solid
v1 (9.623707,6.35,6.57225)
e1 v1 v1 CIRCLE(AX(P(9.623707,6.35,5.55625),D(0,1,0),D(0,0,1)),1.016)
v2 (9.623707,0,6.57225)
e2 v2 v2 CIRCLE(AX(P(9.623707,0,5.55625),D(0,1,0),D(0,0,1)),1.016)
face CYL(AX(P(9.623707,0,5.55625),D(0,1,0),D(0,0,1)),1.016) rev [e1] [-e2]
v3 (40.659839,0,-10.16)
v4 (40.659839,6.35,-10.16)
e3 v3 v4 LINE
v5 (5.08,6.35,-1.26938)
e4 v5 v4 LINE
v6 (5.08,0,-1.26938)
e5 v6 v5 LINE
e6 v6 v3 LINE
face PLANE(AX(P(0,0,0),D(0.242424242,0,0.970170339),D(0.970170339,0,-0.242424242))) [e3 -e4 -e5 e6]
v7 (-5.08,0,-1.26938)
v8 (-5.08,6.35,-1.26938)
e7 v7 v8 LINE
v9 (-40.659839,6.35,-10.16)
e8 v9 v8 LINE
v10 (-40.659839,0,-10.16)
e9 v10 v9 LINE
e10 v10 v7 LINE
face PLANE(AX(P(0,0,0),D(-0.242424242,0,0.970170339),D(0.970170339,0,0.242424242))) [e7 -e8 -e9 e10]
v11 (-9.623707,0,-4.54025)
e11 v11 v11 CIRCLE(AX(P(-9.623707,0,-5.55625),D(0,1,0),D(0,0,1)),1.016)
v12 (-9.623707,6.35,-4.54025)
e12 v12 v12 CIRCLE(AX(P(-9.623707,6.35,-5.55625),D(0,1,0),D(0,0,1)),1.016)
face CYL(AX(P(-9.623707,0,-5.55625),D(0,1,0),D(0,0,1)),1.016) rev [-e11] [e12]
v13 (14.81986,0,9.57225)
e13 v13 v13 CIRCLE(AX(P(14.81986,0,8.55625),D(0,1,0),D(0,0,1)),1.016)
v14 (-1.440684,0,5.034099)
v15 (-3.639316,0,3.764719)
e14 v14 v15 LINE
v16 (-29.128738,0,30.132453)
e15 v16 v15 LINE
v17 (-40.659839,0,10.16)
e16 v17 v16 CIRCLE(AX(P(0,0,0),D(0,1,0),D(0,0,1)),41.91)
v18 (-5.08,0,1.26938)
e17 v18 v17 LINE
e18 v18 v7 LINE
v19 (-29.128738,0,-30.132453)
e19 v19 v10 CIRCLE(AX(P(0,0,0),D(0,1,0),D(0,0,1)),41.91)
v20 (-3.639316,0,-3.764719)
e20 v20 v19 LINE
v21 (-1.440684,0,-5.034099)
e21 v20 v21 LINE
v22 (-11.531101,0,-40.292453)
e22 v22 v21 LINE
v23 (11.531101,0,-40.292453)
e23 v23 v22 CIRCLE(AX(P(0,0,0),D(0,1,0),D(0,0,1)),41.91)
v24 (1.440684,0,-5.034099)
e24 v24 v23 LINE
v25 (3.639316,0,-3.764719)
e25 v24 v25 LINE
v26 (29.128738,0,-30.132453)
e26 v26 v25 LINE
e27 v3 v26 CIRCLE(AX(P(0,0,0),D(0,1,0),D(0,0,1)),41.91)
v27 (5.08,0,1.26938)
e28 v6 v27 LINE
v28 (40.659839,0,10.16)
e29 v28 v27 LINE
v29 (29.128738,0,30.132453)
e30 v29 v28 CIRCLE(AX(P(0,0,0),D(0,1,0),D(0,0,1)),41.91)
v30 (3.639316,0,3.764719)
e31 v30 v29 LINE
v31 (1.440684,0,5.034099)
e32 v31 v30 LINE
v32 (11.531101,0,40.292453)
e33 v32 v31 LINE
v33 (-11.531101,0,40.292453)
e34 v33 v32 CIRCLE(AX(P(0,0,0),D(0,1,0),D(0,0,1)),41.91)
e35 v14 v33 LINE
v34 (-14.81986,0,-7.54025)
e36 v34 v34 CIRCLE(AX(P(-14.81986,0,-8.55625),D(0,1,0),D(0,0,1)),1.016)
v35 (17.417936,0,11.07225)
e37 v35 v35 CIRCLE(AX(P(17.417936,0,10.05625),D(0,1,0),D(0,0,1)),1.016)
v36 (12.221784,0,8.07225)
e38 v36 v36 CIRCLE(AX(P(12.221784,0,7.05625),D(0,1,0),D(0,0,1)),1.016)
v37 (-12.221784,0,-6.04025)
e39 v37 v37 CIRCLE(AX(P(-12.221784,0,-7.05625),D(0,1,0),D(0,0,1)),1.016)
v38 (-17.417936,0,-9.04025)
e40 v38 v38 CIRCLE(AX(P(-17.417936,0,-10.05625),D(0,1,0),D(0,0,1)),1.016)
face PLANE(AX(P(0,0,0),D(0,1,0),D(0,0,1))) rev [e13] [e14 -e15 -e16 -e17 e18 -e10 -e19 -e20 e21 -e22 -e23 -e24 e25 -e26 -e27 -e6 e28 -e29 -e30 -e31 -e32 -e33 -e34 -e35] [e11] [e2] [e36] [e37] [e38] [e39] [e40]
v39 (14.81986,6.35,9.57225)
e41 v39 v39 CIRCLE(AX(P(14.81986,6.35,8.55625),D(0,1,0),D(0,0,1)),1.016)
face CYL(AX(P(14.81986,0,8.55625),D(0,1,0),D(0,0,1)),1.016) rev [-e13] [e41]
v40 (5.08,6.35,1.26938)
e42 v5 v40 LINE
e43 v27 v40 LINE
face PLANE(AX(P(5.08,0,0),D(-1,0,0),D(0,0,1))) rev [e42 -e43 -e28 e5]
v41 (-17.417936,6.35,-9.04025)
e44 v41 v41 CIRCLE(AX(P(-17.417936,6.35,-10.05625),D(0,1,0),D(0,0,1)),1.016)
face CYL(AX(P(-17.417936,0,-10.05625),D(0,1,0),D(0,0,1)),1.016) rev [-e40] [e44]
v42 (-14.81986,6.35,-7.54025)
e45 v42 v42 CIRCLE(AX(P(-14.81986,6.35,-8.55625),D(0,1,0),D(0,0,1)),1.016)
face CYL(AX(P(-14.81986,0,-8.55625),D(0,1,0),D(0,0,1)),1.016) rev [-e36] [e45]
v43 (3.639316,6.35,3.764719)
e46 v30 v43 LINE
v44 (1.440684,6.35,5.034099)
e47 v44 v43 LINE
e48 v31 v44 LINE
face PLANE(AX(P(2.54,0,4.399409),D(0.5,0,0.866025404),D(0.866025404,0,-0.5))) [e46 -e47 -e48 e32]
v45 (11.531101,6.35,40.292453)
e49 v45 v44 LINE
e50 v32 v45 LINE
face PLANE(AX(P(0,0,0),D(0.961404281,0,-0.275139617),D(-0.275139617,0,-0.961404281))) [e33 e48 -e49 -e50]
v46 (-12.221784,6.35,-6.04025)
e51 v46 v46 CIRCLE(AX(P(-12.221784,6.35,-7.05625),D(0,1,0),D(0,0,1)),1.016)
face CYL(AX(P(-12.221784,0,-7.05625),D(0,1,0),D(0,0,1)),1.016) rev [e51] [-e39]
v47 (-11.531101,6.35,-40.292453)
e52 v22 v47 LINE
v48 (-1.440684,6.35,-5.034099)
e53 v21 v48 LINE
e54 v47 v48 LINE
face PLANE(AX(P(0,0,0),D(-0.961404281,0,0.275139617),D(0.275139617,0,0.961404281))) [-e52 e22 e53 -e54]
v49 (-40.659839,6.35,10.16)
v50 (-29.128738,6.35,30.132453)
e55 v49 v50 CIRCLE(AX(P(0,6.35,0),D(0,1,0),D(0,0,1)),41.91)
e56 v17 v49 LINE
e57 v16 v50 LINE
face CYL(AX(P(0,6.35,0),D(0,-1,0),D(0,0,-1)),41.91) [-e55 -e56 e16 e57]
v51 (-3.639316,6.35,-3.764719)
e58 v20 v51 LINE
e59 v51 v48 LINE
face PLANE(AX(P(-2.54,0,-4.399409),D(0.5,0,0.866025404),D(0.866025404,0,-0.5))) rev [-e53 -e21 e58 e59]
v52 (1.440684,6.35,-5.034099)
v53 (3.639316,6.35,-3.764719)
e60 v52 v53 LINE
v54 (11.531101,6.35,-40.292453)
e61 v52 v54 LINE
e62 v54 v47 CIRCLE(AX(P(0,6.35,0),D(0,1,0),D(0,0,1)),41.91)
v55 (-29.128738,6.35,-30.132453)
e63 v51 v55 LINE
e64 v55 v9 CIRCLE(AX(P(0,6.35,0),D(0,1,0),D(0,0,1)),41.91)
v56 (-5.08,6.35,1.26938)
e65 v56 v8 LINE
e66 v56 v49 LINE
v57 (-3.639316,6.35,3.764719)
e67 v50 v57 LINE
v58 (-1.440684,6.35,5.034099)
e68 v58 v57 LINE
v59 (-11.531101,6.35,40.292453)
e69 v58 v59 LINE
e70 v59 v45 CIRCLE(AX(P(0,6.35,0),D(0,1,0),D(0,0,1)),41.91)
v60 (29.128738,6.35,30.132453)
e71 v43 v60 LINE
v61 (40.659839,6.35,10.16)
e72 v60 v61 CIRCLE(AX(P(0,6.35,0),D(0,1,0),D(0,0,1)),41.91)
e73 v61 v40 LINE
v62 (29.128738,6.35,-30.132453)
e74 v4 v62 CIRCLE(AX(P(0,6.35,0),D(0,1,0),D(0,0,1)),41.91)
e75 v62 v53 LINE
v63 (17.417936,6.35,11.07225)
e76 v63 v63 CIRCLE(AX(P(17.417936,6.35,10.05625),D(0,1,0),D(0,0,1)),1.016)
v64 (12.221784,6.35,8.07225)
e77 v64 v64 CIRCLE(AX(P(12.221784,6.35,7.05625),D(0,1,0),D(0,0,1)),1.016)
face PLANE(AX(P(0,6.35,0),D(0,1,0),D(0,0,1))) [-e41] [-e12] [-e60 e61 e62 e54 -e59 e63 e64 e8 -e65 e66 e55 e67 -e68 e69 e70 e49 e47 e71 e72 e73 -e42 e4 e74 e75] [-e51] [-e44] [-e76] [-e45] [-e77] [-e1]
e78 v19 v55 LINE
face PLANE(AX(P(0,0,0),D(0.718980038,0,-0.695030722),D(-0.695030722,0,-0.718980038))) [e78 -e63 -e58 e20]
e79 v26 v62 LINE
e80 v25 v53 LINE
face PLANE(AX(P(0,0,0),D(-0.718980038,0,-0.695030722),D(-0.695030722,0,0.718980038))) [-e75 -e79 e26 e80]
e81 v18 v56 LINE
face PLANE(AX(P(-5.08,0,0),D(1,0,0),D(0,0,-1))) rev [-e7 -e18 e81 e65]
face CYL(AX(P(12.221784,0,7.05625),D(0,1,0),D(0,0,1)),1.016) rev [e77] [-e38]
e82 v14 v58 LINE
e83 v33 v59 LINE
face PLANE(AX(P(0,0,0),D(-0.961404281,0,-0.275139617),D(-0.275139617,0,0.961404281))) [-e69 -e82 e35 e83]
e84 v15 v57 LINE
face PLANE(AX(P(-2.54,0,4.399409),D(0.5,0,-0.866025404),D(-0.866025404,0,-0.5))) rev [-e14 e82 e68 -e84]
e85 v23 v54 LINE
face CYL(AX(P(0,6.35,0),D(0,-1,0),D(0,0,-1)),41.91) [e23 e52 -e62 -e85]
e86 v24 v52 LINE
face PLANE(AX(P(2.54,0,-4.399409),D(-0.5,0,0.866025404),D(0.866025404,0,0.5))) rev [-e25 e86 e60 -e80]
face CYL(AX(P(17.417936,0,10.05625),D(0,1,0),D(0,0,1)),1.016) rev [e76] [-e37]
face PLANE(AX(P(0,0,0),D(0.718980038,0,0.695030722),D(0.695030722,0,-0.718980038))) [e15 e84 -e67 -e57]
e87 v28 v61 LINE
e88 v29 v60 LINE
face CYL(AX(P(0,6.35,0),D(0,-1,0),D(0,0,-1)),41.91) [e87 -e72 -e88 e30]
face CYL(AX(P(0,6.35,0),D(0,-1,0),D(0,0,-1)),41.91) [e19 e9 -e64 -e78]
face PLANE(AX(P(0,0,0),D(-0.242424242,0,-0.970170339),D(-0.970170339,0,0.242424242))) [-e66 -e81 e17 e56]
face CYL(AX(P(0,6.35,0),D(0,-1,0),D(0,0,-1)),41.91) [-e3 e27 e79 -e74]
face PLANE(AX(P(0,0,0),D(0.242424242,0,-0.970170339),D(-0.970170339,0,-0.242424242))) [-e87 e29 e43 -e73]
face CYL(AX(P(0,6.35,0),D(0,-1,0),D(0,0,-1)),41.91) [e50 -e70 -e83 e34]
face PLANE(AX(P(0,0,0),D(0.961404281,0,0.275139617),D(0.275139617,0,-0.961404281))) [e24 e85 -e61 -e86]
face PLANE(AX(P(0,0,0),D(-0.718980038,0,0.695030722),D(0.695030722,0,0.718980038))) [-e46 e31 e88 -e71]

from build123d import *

# Parameters (mm, degrees)
SKETCH1_R           = 41.91
BOSS_EXTRUDE1_DEPTH = 6.35
CUT_EXTRUDE1_DEPTH  = 7.35
SKETCH3_R           = 1.016
CUT_EXTRUDE2_DEPTH  = 7.35


with BuildPart() as part:
    # Sketch1 → Boss-Extrude1 (new body)
    with BuildSketch(Plane(origin=(0, 0, 0), x_dir=(1, 0, 0), z_dir=(0, 1, 0))):
        Circle(SKETCH1_R)
    extrude(amount=BOSS_EXTRUDE1_DEPTH)

    # Sketch2 → Cut-Extrude1 (cut, through all)
    with BuildSketch(Plane(origin=(0, 6.35, 0), x_dir=(1, 0, 0), z_dir=(0, 1, 0))):
        with BuildLine():
            Line((-1.440684381, 5.03409922), (-11.531101351, 40.292453408))
            ThreePointArc((-11.531101351, 40.292453408), (-20.955, 36.295124673), (-29.128737556, 30.132453408))
            Line((-29.128737556, 30.132453408), (-3.639315619, 3.764718883))
            Line((-3.639315619, 3.764718883), (-1.440684381, 5.03409922))
        make_face()
        with BuildLine():
            Line((3.639315619, 3.764718883), (29.128737556, 30.132453408))
            ThreePointArc((29.128737556, 30.132453408), (20.955, 36.295124673), (11.531101351, 40.292453408))
            Line((11.531101351, 40.292453408), (1.440684381, 5.03409922))
            Line((1.440684381, 5.03409922), (3.639315619, 3.764718883))
        make_face()
        with BuildLine():
            Line((5.08, -1.269380337), (40.659838908, -10.16))
            ThreePointArc((40.659838908, -10.16), (41.596285583, -5.118312778), (41.91, 0))
            ThreePointArc((41.91, 0), (41.596285583, 5.118312778), (40.659838908, 10.16))
            Line((40.659838908, 10.16), (5.08, 1.269380337))
            Line((5.08, 1.269380337), (5.08, -1.269380337))
        make_face()
        with BuildLine():
            ThreePointArc((11.531101351, -40.292453408), (20.955, -36.295124673), (29.128737556, -30.132453408))
            Line((29.128737556, -30.132453408), (3.639315619, -3.764718883))
            Line((3.639315619, -3.764718883), (1.440684381, -5.03409922))
            Line((1.440684381, -5.03409922), (11.531101351, -40.292453408))
        make_face()
        with BuildLine():
            ThreePointArc((-29.128737556, -30.132453408), (-20.955, -36.295124673), (-11.531101351, -40.292453408))
            Line((-11.531101351, -40.292453408), (-1.440684381, -5.03409922))
            Line((-1.440684381, -5.03409922), (-3.639315619, -3.764718883))
            Line((-3.639315619, -3.764718883), (-29.128737556, -30.132453408))
        make_face()
        with BuildLine():
            ThreePointArc((-40.659838908, 10.16), (-41.91, 0), (-40.659838908, -10.16))
            Line((-40.659838908, -10.16), (-5.08, -1.269380337))
            Line((-5.08, -1.269380337), (-5.08, 1.269380337))
            Line((-5.08, 1.269380337), (-40.659838908, 10.16))
        make_face()
    extrude(amount=-CUT_EXTRUDE1_DEPTH, mode=Mode.SUBTRACT)

    # Sketch3 → Cut-Extrude2 (cut, through all)
    with BuildSketch(Plane(origin=(0, 6.35, 0), x_dir=(1, 0, 0), z_dir=(0, 1, 0))):
        with Locations((17.417935934, -10.05625)):
            Circle(SKETCH3_R)
        with Locations((-7.05625, -12.221783511)):
            Circle(SKETCH3_R)
        with Locations((-8.55625, -14.819859722)):
            Circle(SKETCH3_R)
        with Locations((-10.05625, -17.417935934)):
            Circle(SKETCH3_R)
        with Locations((-9.6237073, 5.55625)):
            Circle(SKETCH3_R)
        with Locations((5.55625, 9.6237073)):
            Circle(SKETCH3_R)
        with Locations((9.6237073, -5.55625)):
            Circle(SKETCH3_R)
        with Locations((-5.55625, -9.6237073)):
            Circle(SKETCH3_R)
        with Locations((-14.819859722, 8.55625)):
            Circle(SKETCH3_R)
        with Locations((-17.417935934, 10.05625)):
            Circle(SKETCH3_R)
        with Locations((-12.221783511, 7.05625)):
            Circle(SKETCH3_R)
        with Locations((7.05625, 12.221783511)):
            Circle(SKETCH3_R)
        with Locations((8.55625, 14.819859722)):
            Circle(SKETCH3_R)
        with Locations((10.05625, 17.417935934)):
            Circle(SKETCH3_R)
        with Locations((12.221783511, -7.05625)):
            Circle(SKETCH3_R)
        with Locations((14.819859722, -8.55625)):
            Circle(SKETCH3_R)
    extrude(amount=-CUT_EXTRUDE2_DEPTH, mode=Mode.SUBTRACT)


solid = part.part
